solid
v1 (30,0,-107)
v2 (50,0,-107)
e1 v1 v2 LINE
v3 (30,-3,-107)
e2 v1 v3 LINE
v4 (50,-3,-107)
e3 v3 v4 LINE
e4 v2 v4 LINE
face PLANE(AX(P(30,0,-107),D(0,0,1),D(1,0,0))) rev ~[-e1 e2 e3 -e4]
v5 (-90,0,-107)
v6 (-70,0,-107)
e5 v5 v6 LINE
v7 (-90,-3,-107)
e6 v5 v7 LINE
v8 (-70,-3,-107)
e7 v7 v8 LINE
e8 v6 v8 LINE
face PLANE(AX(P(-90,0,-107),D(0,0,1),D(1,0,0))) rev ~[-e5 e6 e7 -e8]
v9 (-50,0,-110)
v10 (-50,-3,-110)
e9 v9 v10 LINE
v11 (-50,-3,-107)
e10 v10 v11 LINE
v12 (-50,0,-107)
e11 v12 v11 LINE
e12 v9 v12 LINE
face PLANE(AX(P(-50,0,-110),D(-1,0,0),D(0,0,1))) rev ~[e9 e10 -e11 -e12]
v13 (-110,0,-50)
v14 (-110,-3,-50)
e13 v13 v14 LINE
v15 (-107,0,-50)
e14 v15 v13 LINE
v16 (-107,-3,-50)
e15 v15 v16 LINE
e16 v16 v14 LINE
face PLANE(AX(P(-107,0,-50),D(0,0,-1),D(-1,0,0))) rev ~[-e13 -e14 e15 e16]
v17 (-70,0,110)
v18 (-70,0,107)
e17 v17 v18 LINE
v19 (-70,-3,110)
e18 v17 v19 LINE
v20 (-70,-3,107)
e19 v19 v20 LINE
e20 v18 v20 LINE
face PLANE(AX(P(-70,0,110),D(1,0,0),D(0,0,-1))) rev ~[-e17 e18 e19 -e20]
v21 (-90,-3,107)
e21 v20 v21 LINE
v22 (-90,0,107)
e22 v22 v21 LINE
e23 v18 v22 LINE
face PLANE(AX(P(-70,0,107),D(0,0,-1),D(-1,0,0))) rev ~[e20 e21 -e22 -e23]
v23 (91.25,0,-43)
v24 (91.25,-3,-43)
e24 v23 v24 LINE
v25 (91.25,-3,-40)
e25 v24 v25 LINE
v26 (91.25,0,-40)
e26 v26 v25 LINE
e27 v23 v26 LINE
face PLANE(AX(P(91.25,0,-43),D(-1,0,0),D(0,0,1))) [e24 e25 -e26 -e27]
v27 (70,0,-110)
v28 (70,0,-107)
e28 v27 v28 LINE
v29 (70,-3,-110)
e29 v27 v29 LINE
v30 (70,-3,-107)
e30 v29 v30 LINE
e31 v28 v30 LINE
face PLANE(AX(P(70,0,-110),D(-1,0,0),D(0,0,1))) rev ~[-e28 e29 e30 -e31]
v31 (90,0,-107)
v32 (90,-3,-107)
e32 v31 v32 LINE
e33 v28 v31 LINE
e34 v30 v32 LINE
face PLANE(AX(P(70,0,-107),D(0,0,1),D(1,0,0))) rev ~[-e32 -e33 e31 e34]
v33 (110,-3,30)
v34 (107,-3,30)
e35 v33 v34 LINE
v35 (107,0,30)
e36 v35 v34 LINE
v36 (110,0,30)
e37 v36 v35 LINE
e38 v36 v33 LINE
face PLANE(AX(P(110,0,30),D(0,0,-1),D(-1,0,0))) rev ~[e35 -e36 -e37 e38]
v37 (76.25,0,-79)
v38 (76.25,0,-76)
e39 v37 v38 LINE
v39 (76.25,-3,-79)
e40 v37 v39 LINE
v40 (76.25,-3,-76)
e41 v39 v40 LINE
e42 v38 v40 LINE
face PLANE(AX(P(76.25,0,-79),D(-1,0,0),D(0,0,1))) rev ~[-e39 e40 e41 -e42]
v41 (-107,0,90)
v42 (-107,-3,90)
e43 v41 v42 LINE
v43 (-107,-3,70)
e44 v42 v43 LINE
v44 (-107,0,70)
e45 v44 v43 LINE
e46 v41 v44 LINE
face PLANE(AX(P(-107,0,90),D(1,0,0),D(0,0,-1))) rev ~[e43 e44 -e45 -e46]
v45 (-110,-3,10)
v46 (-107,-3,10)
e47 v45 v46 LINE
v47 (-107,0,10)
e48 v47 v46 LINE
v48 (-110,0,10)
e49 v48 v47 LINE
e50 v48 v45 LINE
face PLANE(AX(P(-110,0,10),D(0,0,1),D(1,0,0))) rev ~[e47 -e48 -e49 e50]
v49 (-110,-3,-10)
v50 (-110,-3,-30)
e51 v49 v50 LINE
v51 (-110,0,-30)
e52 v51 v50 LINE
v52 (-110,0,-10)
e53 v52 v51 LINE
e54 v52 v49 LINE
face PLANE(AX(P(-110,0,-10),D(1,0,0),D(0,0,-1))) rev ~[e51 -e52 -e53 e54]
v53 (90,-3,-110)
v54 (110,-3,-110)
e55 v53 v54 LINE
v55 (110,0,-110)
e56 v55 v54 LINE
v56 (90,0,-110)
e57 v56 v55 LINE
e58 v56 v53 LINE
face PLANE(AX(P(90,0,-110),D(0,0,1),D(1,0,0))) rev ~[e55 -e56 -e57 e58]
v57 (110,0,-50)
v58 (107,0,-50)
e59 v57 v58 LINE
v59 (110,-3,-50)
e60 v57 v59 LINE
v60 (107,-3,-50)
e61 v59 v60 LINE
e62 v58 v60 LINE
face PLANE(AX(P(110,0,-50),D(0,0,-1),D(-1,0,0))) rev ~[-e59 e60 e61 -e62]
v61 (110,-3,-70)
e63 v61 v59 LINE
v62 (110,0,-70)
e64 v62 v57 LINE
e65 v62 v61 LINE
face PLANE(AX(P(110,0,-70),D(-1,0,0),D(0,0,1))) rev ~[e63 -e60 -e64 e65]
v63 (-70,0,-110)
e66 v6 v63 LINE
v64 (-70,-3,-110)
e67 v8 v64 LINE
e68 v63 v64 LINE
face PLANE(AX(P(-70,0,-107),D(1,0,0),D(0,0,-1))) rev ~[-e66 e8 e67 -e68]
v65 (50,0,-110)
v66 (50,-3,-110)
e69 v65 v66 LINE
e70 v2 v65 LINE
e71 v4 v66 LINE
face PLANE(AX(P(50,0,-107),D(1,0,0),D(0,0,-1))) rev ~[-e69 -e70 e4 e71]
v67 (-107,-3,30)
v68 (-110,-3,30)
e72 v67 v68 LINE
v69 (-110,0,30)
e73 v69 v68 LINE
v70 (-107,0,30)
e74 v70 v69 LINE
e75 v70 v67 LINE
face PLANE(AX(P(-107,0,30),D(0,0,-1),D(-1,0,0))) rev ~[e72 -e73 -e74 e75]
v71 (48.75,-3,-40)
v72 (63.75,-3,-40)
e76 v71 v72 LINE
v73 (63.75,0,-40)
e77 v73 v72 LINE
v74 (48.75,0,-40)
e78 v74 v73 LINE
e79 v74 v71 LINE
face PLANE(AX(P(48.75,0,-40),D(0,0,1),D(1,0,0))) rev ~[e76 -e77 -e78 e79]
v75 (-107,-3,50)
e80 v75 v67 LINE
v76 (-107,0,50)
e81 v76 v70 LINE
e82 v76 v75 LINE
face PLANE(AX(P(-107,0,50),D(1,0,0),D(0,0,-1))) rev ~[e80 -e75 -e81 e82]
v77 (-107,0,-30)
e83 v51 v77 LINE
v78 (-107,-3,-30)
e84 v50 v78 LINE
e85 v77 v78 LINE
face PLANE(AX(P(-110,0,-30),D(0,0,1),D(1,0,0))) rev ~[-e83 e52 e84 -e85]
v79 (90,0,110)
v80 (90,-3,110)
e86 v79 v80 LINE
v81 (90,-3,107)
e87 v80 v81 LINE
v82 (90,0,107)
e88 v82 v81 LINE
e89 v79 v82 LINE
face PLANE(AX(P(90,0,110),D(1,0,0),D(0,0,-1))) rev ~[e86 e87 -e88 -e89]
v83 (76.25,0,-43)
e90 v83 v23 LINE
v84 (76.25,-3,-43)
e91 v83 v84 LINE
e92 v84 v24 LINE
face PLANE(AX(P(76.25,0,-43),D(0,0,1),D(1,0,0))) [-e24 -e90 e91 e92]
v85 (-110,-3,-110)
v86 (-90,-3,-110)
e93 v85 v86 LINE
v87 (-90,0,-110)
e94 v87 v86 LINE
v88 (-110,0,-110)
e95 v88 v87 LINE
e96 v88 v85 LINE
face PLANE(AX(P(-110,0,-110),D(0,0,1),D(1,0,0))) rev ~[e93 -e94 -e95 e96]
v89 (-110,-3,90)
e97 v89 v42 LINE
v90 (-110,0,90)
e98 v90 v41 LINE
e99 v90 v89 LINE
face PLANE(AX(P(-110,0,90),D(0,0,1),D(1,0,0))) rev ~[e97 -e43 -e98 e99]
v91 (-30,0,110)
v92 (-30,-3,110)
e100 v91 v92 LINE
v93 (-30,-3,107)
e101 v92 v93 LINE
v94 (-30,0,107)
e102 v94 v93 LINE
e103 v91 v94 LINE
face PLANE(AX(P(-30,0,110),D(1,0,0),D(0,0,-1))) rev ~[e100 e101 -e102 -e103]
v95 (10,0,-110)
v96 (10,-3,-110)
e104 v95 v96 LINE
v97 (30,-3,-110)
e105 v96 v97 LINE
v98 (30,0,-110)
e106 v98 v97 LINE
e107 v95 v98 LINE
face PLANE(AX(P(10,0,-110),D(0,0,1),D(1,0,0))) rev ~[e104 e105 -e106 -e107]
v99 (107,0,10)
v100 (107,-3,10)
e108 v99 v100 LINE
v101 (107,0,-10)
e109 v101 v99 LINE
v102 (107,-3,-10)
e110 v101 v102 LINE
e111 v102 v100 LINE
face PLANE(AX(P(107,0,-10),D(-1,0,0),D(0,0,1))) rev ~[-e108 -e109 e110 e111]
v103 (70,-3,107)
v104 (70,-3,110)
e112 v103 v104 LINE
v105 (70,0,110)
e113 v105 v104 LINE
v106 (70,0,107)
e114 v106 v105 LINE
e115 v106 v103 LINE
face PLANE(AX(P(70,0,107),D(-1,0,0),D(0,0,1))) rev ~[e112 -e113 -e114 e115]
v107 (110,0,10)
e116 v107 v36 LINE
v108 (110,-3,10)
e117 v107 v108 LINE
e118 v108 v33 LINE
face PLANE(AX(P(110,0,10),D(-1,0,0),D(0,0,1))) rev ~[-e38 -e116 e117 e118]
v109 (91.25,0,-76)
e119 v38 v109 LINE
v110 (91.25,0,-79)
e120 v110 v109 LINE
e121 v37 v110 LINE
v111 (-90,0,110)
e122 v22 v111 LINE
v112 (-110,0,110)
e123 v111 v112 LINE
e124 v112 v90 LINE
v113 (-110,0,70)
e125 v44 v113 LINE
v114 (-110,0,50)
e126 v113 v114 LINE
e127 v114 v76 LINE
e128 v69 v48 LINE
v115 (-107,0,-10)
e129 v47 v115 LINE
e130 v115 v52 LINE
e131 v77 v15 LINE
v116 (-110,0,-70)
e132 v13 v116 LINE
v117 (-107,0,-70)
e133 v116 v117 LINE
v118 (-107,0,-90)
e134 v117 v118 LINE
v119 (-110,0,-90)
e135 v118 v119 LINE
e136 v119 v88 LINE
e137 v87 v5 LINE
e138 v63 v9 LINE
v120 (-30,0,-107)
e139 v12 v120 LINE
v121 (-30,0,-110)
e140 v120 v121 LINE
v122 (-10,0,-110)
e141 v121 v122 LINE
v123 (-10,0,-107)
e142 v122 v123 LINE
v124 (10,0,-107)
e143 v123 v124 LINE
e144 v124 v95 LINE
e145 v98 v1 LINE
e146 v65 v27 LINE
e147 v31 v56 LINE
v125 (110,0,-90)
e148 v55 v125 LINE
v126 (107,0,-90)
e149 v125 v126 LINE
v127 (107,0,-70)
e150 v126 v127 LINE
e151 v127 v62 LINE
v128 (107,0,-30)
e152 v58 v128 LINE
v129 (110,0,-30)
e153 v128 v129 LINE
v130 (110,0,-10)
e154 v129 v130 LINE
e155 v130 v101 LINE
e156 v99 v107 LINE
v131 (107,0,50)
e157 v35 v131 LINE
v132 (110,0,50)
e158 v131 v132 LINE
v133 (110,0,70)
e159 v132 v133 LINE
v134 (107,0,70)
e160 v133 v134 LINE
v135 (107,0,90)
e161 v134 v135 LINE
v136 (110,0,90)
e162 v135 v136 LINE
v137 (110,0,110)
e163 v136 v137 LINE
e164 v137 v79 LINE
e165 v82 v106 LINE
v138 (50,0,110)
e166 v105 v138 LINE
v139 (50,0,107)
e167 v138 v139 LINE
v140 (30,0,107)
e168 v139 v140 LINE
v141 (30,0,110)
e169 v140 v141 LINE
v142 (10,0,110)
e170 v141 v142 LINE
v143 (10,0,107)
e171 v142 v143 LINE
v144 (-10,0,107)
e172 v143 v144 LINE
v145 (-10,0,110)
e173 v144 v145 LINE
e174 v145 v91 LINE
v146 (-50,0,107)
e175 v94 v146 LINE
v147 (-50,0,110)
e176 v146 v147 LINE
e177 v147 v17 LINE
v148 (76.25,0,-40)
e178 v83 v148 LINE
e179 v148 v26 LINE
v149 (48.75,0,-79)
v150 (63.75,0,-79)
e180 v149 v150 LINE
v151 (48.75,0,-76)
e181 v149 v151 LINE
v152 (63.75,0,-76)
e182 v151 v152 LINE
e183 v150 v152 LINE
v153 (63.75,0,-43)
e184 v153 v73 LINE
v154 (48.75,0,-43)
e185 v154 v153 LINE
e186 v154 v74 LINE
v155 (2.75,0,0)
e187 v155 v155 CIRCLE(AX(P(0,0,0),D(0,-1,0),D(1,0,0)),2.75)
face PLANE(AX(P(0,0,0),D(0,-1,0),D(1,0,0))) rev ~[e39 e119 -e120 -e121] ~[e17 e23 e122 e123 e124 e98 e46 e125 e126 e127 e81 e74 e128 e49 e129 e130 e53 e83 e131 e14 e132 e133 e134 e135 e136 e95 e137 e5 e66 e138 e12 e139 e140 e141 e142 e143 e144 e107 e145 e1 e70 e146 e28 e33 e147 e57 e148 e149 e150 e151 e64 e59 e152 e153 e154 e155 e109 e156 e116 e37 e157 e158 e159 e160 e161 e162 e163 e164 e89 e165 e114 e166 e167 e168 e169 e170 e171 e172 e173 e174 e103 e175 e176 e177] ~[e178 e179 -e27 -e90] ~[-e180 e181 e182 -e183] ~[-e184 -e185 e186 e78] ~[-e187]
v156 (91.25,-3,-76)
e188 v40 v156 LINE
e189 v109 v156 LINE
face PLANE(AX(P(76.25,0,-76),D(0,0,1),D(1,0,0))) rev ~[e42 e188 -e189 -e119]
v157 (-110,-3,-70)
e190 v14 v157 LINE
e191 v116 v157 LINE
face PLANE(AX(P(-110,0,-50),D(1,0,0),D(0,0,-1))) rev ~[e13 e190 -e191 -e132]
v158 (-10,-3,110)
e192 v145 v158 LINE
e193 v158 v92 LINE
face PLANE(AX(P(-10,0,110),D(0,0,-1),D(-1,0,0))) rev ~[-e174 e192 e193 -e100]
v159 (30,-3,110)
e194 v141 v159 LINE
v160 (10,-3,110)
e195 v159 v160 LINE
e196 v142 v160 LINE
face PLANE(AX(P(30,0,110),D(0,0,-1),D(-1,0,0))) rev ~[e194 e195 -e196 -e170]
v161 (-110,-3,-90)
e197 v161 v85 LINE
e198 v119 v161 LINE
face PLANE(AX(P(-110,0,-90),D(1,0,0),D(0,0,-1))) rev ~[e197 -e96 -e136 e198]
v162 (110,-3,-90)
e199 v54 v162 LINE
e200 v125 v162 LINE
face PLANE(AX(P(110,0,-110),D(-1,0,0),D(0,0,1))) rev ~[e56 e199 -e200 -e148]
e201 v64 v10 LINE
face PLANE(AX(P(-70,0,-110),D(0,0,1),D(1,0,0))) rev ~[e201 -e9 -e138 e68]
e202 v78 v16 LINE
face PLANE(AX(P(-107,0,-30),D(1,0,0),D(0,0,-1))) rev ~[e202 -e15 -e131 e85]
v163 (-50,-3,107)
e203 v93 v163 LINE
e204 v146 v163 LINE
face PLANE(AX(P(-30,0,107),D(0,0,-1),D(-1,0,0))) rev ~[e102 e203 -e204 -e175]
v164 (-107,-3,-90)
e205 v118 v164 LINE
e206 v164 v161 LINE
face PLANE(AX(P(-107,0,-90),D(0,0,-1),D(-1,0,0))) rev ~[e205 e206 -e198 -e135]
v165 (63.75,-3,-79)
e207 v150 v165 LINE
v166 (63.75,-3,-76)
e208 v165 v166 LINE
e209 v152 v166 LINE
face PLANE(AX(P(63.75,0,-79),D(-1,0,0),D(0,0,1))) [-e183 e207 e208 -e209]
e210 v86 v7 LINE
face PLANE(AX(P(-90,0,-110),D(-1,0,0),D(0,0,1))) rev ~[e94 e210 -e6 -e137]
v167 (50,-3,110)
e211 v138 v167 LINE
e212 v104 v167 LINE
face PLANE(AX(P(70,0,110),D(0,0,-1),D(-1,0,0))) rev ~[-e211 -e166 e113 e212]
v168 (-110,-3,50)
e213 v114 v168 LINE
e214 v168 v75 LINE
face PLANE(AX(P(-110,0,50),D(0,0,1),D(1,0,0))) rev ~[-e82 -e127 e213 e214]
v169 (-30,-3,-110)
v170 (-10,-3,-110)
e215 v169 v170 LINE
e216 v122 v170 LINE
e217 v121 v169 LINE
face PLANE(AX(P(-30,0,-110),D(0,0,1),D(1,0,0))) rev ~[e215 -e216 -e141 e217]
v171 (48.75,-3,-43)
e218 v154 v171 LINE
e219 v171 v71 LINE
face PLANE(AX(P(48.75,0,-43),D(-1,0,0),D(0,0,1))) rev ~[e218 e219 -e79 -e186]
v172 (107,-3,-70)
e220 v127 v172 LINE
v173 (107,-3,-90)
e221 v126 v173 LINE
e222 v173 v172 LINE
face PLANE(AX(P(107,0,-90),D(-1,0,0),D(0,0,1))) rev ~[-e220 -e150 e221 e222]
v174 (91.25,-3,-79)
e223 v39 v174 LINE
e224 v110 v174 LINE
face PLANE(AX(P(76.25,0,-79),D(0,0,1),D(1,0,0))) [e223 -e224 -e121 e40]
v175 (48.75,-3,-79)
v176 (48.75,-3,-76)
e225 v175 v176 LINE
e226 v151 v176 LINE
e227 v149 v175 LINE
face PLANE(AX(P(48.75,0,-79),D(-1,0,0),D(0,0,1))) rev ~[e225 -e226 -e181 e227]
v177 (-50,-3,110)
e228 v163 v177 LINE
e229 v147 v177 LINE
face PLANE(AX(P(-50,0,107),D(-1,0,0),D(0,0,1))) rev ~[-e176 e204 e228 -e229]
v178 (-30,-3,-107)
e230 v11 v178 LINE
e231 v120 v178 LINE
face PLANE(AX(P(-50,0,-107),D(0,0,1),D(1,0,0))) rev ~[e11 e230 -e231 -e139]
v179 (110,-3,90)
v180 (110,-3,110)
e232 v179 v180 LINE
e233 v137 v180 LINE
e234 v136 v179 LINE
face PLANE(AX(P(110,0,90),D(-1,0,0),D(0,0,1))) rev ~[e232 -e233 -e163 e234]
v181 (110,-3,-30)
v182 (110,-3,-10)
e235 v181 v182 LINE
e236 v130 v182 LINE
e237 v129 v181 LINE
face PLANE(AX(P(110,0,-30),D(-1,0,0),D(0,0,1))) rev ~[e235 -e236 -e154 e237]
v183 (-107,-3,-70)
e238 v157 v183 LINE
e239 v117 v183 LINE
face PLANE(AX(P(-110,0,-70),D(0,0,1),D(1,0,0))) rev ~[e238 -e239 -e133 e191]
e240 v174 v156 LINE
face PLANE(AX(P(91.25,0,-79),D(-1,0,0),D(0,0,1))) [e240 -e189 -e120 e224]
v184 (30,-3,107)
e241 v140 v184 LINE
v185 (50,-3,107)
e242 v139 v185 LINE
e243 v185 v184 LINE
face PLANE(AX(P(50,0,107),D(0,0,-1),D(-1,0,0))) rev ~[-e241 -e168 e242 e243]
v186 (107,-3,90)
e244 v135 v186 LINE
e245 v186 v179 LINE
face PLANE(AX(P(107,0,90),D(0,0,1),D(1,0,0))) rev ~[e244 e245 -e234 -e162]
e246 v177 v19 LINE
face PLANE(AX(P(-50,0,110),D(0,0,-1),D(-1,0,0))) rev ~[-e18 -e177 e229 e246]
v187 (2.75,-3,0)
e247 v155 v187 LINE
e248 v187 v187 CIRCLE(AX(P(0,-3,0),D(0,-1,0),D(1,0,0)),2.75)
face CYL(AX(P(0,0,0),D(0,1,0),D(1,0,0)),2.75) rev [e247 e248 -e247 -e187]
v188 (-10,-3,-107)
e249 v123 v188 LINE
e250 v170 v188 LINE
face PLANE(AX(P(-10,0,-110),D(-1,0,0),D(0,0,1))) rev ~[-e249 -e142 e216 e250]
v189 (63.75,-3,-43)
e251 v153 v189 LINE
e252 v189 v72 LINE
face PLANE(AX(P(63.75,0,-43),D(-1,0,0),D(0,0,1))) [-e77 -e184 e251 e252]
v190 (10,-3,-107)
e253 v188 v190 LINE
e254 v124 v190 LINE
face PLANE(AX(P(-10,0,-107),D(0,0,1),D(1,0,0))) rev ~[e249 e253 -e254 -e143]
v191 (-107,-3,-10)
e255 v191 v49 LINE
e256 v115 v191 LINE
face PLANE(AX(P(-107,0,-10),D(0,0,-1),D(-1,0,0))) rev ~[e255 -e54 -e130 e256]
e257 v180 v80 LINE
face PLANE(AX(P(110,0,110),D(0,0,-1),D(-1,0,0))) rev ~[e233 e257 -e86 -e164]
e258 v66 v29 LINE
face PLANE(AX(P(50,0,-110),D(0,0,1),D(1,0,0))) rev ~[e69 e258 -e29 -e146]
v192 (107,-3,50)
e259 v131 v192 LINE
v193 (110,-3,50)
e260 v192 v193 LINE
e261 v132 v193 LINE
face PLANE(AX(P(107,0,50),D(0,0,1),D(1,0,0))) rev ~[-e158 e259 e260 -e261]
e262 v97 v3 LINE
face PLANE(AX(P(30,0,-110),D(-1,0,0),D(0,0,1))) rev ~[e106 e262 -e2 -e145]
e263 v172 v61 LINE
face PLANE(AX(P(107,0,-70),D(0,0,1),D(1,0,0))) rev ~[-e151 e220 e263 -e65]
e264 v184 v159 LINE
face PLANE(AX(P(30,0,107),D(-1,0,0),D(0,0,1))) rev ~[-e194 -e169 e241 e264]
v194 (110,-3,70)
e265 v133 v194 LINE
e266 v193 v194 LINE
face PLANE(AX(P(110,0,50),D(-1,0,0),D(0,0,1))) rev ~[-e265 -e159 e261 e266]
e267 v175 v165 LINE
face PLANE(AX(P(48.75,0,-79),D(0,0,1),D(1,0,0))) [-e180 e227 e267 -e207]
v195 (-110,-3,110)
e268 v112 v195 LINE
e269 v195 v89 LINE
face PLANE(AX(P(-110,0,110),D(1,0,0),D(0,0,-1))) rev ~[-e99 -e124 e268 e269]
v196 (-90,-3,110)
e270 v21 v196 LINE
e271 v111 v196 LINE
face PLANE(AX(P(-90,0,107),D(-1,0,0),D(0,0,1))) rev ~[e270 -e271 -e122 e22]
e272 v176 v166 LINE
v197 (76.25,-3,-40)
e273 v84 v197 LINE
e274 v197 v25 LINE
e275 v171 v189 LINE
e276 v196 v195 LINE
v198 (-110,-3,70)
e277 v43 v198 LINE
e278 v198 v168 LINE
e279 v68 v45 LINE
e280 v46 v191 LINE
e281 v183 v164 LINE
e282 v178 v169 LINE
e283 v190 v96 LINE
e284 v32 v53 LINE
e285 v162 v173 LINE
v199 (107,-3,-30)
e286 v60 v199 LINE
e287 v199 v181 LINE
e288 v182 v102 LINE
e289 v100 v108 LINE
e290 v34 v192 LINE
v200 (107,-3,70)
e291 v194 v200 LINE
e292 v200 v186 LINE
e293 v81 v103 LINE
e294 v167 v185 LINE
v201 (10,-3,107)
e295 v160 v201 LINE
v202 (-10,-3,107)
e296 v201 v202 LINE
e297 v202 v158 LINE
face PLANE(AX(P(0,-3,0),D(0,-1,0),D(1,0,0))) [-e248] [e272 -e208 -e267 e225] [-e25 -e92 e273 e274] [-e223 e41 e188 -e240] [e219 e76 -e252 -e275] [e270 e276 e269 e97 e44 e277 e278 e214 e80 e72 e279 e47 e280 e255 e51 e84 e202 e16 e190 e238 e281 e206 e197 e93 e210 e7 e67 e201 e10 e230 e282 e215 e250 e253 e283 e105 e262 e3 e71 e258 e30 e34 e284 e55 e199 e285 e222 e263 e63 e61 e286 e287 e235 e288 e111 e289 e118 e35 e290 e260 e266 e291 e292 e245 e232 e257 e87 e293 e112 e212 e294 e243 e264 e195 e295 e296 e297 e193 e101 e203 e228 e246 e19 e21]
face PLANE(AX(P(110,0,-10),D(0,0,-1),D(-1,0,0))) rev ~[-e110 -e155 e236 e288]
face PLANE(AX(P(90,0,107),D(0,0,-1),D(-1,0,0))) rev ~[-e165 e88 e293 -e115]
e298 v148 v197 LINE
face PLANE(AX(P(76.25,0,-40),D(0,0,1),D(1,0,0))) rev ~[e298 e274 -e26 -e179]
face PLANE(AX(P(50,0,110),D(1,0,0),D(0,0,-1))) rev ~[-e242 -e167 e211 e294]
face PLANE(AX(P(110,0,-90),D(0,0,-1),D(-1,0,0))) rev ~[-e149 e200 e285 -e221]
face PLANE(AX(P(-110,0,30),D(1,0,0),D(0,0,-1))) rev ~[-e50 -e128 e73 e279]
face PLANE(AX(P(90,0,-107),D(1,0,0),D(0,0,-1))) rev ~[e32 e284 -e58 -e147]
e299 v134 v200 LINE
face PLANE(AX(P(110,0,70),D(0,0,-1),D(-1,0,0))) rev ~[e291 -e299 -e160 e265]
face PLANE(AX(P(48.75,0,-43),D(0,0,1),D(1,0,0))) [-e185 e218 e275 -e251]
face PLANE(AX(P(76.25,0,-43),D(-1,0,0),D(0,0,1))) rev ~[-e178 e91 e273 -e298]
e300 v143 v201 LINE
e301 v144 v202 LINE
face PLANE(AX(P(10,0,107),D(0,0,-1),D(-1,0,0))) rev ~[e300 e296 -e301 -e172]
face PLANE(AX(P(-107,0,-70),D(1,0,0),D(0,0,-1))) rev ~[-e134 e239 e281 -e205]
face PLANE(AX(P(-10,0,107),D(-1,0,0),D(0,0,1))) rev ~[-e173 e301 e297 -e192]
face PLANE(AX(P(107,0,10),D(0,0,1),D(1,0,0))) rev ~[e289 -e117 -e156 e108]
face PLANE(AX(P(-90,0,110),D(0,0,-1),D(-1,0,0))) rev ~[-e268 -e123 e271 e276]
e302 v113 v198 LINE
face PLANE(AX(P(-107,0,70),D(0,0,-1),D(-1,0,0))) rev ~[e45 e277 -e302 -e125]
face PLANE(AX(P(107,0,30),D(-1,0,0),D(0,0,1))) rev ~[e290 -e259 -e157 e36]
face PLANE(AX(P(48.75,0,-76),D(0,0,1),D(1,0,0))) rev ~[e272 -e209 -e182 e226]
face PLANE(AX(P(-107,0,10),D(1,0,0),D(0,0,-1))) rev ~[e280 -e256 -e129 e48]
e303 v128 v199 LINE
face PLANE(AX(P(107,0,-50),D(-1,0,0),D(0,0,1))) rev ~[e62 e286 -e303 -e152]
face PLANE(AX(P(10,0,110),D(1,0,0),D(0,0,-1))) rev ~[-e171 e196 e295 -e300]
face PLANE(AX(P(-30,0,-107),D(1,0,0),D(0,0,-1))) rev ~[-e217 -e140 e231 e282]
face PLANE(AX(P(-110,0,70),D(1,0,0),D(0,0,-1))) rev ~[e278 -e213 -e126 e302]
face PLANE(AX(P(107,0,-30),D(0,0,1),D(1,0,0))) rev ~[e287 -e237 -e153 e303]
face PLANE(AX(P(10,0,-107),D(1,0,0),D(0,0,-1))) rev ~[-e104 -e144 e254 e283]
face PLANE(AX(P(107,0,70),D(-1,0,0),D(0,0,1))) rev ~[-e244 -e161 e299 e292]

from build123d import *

# Parameters (mm, degrees)
F0_W     = 15
F0_H     = 3
F0_R     = 2.75
F1_DEPTH = 3


with BuildPart() as f1:
    # F0 (on Front) → F1 (new body)
    with BuildSketch(Plane.XZ):
        Polygon((-90, 110), (-110, 110), (-110, 90), (-107, 90), (-107, 70), (-110, 70), (-110, 50), (-107, 50), (-107, 30), (-110, 30), (-110, 10), (-107, 10), (-107, -10), (-110, -10), (-110, -30), (-107, -30), (-107, -50), (-110, -50), (-110, -70), (-107, -70), (-107, -90), (-110, -90), (-110, -110), (-90, -110), (-90, -107), (-70, -107), (-70, -110), (-50, -110), (-50, -107), (-30, -107), (-30, -110), (-10, -110), (-10, -107), (10, -107), (10, -110), (30, -110), (30, -107), (50, -107), (50, -110), (70, -110), (70, -107), (90, -107), (90, -110), (110, -110), (110, -90), (107, -90), (107, -70), (110, -70), (110, -50), (107, -50), (107, -30), (110, -30), (110, -10), (107, -10), (107, 10), (110, 10), (110, 30), (107, 30), (107, 50), (110, 50), (110, 70), (107, 70), (107, 90), (110, 90), (110, 110), (90, 110), (90, 107), (70, 107), (70, 110), (50, 110), (50, 107), (30, 107), (30, 110), (10, 110), (10, 107), (-10, 107), (-10, 110), (-30, 110), (-30, 107), (-50, 107), (-50, 110), (-70, 110), (-70, 107), (-90, 107), align=None)
        with Locations((56.25, -77.5)):
            Rectangle(F0_W, F0_H, mode=Mode.SUBTRACT)
        with Locations((83.75, -77.5)):
            Rectangle(F0_W, F0_H, mode=Mode.SUBTRACT)
        with Locations((56.25, -41.5)):
            Rectangle(F0_W, F0_H, mode=Mode.SUBTRACT)
        with Locations((83.75, -41.5)):
            Rectangle(F0_W, F0_H, mode=Mode.SUBTRACT)
        Circle(F0_R, mode=Mode.SUBTRACT)
    extrude(amount=F1_DEPTH)


solid = f1.part
